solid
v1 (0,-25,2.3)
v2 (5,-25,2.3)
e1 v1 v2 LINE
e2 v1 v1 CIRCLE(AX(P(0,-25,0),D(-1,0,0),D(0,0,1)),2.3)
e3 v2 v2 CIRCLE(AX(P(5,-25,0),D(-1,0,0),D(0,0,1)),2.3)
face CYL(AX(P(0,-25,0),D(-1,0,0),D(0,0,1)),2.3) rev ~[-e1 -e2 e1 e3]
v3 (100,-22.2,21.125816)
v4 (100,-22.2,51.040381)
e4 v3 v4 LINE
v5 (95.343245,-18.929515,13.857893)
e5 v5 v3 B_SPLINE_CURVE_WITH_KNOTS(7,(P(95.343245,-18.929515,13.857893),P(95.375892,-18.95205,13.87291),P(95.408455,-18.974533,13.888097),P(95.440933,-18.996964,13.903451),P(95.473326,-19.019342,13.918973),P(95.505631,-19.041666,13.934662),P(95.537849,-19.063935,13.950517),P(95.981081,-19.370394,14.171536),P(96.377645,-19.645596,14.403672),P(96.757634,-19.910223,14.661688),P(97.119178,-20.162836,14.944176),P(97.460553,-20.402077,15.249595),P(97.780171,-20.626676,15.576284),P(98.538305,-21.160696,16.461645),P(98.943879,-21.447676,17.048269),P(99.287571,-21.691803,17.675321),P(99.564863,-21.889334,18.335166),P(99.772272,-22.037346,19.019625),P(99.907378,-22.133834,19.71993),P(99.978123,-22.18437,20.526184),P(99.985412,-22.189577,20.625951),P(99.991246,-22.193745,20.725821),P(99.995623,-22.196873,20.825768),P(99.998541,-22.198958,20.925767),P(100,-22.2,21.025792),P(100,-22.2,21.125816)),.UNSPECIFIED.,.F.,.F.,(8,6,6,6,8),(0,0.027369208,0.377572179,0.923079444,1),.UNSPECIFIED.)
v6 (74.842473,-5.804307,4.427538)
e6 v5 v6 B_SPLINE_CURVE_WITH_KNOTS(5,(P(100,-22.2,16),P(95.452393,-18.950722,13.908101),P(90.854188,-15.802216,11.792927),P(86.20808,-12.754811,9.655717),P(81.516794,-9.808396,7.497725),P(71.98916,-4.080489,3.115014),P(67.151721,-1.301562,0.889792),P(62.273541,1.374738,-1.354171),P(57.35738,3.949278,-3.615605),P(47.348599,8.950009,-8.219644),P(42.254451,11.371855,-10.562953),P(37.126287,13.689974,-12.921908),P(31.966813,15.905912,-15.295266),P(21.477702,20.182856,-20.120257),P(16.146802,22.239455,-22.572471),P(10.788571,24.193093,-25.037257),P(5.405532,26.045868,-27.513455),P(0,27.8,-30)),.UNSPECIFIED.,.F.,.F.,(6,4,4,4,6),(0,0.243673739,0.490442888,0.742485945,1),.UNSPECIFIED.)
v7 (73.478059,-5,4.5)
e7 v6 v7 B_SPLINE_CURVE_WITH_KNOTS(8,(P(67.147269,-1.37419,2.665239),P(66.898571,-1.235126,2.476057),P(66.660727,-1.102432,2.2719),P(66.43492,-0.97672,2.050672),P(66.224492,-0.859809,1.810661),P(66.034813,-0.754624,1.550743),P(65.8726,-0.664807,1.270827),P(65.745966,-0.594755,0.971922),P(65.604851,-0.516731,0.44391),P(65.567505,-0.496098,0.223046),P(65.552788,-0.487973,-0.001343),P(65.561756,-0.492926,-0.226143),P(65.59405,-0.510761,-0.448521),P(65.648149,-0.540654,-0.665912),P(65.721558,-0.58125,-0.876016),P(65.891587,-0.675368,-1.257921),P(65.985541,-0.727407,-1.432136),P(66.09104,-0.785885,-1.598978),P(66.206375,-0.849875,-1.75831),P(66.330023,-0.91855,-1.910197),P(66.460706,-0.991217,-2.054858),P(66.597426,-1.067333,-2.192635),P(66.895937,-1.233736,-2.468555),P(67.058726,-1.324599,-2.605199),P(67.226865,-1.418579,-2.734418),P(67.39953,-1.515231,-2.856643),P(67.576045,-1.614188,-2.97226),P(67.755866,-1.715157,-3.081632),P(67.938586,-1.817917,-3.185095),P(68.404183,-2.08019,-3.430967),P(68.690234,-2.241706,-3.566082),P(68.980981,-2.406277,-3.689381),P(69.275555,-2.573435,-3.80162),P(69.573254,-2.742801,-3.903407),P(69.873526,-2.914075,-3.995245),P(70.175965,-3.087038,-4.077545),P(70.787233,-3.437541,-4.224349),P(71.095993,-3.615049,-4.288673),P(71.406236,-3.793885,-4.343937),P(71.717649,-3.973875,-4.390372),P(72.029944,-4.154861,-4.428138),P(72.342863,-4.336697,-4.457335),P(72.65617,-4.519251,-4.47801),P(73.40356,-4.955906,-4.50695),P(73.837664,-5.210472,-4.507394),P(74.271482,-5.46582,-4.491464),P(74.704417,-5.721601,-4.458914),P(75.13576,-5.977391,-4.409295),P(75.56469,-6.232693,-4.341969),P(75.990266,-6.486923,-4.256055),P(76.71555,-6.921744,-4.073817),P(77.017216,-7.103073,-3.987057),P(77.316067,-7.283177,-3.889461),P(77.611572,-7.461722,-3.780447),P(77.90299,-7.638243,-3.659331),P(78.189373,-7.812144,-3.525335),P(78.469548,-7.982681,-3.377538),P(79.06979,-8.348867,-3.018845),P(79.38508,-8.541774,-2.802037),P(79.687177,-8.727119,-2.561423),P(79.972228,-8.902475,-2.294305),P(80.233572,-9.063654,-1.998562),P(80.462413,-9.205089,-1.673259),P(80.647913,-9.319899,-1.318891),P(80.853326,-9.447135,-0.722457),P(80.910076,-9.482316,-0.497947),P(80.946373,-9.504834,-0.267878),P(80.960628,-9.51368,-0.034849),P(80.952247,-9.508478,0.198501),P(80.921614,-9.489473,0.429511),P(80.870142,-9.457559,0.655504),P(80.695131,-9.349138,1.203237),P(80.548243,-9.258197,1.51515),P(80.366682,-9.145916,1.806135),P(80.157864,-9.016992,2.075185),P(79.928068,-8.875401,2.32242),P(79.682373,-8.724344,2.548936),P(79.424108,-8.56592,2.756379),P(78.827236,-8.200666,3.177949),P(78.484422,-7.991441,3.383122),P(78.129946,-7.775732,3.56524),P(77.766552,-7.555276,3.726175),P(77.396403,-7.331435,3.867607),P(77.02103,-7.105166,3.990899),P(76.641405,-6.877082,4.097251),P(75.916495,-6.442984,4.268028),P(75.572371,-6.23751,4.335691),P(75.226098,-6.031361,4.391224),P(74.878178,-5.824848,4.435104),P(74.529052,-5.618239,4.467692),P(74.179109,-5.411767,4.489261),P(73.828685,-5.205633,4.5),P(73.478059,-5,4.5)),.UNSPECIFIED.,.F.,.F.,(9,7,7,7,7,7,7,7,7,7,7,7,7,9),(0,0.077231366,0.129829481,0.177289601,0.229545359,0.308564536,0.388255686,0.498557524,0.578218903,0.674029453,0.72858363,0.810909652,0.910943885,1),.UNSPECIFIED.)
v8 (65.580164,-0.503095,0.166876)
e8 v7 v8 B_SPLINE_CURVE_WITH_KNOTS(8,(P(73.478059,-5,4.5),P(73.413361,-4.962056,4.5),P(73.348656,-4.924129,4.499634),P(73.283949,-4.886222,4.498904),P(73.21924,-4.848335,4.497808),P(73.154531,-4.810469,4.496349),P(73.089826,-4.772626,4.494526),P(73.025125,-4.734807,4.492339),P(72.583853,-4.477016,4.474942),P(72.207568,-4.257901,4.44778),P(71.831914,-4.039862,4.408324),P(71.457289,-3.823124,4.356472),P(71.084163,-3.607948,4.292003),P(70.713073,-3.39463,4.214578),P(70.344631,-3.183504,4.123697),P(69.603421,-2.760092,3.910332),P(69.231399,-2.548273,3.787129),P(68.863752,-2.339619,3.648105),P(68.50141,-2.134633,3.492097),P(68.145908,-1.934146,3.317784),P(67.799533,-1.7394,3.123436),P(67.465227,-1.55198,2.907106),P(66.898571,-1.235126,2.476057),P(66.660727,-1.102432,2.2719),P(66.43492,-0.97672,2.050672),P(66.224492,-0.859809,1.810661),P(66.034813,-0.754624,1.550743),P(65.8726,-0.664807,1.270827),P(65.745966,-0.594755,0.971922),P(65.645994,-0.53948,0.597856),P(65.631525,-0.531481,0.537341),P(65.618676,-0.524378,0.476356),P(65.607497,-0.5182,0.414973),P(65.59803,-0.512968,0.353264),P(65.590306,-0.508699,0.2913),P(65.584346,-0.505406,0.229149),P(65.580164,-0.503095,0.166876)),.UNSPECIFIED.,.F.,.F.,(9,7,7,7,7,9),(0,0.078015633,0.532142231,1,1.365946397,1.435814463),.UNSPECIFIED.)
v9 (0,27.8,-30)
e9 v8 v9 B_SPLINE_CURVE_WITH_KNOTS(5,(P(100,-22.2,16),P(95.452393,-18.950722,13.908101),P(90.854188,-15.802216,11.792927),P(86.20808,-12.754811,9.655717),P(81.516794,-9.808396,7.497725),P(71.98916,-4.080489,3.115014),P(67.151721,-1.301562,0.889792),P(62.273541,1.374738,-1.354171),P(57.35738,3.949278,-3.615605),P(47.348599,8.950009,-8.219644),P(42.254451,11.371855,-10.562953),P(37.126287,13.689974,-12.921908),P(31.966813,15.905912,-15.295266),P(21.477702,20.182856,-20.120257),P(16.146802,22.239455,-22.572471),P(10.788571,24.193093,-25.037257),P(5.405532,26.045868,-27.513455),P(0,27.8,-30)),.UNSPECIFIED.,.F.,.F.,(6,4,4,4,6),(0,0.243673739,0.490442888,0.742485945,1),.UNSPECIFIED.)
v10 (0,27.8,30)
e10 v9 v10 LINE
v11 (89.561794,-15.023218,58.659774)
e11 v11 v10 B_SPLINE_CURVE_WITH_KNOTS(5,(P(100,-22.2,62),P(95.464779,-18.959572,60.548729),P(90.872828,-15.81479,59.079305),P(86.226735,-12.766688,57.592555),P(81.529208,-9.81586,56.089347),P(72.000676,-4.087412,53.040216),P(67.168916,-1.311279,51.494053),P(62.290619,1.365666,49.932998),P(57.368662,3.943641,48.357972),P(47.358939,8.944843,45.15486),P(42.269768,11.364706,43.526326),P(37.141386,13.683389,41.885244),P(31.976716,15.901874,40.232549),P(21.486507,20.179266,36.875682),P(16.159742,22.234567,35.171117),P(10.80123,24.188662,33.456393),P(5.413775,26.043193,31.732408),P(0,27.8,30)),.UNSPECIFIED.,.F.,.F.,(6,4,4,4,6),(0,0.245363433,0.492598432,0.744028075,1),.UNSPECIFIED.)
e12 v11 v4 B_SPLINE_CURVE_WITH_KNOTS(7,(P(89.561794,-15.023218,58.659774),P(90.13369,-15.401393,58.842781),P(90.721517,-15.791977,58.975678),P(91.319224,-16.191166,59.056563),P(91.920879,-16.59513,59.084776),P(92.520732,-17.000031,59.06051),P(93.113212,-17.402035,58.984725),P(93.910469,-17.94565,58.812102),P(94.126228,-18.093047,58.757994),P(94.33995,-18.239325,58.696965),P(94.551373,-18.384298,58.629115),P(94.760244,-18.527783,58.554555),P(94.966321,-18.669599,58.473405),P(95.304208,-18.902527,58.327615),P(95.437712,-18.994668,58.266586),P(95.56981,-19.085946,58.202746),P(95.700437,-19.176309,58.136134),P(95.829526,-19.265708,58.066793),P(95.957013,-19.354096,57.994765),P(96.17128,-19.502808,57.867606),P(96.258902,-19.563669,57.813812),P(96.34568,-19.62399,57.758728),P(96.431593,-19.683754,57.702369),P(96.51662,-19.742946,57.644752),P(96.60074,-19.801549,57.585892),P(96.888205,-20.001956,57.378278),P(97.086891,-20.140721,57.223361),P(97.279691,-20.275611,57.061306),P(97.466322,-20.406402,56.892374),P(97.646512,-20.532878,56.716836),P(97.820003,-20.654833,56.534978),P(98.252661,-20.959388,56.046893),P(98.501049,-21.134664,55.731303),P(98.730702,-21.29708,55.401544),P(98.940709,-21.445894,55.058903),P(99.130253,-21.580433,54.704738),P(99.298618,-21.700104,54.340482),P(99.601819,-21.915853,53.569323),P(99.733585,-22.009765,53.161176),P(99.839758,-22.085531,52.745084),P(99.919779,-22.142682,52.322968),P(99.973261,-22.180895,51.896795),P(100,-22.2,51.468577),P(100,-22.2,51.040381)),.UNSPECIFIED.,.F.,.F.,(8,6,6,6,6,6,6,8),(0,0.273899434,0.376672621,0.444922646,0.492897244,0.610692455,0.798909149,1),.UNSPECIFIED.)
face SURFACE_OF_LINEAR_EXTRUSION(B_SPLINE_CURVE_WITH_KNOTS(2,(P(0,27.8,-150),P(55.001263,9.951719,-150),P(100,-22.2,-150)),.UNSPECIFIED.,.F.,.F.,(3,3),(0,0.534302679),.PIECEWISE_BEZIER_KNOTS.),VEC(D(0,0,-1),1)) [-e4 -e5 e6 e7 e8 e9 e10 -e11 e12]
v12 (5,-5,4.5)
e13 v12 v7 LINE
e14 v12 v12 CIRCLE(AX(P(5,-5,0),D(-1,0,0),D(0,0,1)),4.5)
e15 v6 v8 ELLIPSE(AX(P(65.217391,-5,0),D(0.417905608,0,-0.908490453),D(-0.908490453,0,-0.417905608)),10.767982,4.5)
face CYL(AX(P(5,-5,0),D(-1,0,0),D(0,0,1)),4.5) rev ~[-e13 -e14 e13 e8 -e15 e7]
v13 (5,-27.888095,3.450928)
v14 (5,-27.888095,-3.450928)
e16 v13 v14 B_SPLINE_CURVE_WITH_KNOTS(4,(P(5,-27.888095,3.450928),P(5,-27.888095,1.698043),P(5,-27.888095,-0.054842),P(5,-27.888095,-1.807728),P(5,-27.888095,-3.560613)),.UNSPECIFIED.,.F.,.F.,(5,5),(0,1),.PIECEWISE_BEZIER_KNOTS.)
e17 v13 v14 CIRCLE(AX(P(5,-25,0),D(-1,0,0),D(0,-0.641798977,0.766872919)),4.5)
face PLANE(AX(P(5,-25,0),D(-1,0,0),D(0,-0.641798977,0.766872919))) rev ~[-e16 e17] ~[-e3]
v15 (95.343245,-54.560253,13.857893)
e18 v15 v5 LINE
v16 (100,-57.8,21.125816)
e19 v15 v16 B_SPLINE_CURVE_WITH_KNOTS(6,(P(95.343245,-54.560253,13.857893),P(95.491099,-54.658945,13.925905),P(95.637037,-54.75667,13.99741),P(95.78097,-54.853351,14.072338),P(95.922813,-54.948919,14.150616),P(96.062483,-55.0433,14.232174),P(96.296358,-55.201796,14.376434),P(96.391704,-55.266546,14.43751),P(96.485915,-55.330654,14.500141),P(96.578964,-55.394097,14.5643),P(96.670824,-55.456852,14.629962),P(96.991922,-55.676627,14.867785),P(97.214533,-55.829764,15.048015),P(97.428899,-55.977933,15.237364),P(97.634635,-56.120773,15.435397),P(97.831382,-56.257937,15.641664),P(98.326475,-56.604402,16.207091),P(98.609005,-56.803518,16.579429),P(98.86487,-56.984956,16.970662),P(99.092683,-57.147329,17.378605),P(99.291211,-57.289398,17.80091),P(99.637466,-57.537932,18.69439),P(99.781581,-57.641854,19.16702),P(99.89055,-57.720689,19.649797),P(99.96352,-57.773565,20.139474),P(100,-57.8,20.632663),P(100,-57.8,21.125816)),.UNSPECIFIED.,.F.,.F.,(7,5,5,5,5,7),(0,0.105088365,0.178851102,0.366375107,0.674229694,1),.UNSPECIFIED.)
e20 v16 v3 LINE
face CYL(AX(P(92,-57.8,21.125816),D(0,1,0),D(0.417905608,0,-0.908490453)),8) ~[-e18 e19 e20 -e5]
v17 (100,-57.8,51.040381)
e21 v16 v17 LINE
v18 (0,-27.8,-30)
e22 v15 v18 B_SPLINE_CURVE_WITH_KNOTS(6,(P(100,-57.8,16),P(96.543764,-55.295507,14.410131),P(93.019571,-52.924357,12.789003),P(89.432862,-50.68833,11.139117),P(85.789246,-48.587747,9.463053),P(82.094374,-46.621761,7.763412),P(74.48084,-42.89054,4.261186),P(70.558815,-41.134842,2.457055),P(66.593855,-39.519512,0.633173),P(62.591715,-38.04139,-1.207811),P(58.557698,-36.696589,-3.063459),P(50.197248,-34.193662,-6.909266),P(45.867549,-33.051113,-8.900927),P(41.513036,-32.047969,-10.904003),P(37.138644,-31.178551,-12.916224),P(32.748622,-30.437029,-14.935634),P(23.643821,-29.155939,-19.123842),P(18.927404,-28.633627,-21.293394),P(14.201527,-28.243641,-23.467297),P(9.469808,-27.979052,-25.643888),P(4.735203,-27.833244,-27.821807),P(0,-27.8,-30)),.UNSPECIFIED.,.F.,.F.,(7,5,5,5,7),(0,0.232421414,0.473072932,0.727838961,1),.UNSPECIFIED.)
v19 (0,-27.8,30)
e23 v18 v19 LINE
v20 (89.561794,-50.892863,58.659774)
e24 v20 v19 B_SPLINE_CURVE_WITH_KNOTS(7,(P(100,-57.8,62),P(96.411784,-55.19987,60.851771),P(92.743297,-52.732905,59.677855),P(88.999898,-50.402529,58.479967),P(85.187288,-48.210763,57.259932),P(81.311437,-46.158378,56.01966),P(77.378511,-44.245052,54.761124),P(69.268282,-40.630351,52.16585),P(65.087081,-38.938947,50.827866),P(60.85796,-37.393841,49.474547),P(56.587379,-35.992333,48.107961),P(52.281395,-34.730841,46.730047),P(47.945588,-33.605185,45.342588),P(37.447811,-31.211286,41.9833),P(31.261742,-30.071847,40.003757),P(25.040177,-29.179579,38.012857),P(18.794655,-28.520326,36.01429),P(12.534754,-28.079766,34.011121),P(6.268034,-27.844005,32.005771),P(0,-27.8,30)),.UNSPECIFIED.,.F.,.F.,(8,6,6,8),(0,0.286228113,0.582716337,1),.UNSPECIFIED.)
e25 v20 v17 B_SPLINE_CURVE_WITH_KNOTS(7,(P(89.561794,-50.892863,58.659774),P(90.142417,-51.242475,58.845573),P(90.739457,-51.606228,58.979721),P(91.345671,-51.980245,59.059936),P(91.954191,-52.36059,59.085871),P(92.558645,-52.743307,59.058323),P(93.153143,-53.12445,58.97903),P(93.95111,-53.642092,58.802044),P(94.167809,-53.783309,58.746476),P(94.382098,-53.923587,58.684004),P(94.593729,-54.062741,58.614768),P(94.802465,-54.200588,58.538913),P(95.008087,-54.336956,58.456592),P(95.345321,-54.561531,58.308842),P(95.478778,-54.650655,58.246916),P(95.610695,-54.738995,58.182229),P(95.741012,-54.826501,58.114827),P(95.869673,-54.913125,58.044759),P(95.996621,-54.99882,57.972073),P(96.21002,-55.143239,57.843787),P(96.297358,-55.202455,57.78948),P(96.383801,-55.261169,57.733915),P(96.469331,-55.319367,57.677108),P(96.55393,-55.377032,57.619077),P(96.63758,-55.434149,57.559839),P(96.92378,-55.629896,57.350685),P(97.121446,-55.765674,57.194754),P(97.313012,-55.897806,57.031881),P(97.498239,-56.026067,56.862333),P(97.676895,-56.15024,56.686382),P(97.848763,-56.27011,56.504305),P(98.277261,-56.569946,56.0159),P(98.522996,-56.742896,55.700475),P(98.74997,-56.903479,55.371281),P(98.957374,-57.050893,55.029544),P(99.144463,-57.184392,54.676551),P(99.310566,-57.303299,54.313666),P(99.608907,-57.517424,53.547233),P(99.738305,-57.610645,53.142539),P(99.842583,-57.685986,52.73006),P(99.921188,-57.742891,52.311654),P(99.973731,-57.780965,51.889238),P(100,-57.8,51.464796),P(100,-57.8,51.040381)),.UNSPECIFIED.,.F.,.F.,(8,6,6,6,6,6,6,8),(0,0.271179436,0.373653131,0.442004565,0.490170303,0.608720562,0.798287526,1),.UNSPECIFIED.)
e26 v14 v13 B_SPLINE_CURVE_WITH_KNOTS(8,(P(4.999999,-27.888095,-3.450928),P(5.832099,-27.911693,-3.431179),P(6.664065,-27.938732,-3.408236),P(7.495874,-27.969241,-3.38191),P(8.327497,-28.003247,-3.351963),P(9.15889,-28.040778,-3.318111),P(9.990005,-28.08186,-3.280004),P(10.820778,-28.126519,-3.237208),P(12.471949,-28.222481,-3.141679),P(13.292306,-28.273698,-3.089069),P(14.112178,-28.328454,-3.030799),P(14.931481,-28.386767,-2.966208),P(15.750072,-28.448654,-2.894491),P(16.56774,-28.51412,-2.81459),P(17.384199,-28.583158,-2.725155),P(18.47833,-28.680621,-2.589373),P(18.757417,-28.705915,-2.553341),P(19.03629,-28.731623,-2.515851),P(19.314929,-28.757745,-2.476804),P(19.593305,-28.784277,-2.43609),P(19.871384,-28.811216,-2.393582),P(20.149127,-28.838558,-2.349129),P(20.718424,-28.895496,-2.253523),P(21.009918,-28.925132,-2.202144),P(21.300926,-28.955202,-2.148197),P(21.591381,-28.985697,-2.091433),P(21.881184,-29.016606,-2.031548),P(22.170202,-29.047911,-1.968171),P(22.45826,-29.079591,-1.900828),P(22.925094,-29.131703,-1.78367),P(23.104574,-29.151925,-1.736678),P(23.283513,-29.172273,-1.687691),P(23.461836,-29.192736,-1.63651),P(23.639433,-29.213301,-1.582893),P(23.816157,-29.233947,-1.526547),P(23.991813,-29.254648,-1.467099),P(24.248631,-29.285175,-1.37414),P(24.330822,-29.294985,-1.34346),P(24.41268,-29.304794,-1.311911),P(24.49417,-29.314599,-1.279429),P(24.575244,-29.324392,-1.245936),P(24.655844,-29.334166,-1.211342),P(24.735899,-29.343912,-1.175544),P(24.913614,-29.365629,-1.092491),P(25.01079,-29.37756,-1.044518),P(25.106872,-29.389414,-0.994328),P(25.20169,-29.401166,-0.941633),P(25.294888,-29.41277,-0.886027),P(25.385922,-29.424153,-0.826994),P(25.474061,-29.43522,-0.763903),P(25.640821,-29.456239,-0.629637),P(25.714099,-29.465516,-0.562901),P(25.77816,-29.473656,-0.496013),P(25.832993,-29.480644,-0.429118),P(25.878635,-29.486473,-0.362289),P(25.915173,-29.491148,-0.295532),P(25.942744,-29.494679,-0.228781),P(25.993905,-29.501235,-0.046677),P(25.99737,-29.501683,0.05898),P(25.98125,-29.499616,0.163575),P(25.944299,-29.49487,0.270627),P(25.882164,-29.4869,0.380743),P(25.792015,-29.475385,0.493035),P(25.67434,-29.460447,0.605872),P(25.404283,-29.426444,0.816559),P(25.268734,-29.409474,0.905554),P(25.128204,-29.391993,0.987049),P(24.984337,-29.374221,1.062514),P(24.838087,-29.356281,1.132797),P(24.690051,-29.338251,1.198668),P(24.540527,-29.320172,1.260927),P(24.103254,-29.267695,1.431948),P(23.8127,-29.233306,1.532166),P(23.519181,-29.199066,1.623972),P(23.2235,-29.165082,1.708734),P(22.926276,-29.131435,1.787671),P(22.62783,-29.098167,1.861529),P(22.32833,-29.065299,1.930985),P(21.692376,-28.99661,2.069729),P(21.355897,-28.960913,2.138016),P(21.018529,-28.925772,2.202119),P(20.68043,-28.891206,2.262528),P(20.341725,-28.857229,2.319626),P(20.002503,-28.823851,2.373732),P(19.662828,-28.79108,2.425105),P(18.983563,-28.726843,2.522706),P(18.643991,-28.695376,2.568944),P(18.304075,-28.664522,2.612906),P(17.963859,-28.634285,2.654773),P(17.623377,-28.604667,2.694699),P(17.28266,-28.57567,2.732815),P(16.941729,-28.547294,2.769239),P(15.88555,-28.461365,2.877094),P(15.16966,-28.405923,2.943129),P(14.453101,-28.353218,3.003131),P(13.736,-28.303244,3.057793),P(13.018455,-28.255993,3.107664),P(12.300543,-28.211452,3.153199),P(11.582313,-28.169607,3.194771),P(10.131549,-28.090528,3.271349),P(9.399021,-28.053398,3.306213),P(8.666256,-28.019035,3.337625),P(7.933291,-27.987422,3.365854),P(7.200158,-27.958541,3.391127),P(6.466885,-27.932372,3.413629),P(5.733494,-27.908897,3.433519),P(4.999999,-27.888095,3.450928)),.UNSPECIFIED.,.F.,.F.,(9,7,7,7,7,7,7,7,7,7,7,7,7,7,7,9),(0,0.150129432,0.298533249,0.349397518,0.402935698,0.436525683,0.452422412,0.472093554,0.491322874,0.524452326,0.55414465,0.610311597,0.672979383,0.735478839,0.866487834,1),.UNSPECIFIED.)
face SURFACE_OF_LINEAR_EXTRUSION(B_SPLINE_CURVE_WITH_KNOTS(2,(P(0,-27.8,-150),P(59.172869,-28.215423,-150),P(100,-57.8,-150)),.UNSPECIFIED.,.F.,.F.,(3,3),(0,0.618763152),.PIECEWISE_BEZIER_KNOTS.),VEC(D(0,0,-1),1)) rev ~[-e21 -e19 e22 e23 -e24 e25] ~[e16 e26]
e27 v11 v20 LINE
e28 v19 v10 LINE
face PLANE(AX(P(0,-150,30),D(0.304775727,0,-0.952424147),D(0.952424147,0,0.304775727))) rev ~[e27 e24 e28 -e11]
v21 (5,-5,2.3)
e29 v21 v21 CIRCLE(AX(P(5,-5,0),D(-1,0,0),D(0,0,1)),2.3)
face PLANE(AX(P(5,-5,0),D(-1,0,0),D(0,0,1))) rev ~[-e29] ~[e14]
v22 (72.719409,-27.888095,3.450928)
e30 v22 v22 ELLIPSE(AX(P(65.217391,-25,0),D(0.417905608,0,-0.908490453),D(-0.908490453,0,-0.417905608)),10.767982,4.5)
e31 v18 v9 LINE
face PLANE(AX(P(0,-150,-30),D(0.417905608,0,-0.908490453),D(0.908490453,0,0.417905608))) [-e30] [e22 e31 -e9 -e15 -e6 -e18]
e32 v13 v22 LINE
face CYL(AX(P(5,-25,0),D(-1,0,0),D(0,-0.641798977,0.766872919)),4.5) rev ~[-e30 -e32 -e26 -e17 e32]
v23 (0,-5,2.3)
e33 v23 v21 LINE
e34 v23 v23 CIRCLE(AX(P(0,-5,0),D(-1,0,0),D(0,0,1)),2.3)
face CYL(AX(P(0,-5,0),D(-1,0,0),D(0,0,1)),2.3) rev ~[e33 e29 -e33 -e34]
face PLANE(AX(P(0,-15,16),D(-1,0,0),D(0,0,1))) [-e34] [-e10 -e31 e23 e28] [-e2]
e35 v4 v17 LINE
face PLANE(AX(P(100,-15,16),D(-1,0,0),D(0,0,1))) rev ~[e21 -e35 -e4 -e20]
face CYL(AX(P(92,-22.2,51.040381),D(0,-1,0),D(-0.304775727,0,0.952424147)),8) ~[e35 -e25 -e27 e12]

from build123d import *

# Parameters (mm, degrees)
BOSS_EXTRUDE1_DEPTH     = 100
CUT_EXTRUDE3_DEPTH      = 150
CUT_EXTRUDE3_DEPTH_BACK = 150
CUT_EXTRUDE6_DEPTH      = 150
CUT_EXTRUDE6_DEPTH_BACK = 150
FILLET7_R               = 8
SKETCH5_R               = 2.3
CUT_EXTRUDE7_DEPTH      = 5
SKETCH6_R               = 4.5
CUT_EXTRUDE8_DEPTH      = 150


with BuildPart() as part:
    # Sketch1 → Boss-Extrude1 (new body)
    with BuildSketch(Plane(origin=(0, 0, 0), x_dir=(0, 0, -1), z_dir=(1, 0, 0))):
        Polygon((-30, 27.8), (30, 27.8), (30, -27.8), (30, -57.8), (-62, -57.8), (-62, -27.8), (-62, 27.8), align=None)
    extrude(amount=BOSS_EXTRUDE1_DEPTH)

    # Sketch3 → Cut-Extrude3 (cut, two sides: drawn at the far end of the back side and taken through both)
    with BuildSketch(Plane(origin=(0, 0, 0), x_dir=(1, 0, 0), z_dir=(0, 1, 0)).offset(-CUT_EXTRUDE3_DEPTH_BACK)):
        Polygon((0, 30), (100, -16), (100, 30), align=None)
        Polygon((100, -62), (0, -62), (0, -30), align=None)
    extrude(amount=CUT_EXTRUDE3_DEPTH + CUT_EXTRUDE3_DEPTH_BACK, mode=Mode.SUBTRACT)

    # Sketch4 → Cut-Extrude6 (cut, two sides: drawn at the far end of the back side and taken through both)
    with BuildSketch(Plane.XY.offset(-CUT_EXTRUDE6_DEPTH_BACK)):
        with BuildLine():
            Line((100, 27.8), (0, 27.8))
            add(Edge.make_bspline(
                [(0, 27.8), (55.001263305, 9.951718706), (100, -22.2)],
                knots=[0, 0, 0, 0.534302679, 0.534302679, 0.534302679], degree=2))
            Line((100, -22.2), (100, 27.8))
        make_face()
        with BuildLine():
            Line((0, -27.8), (0, -57.8))
            Line((0, -57.8), (100, -57.8))
            add(Edge.make_bspline(
                [(0, -27.8), (59.172869478, -28.215423473), (100, -57.8)],
                knots=[0, 0, 0, 0.618763152, 0.618763152, 0.618763152], degree=2))
        make_face()
    extrude(amount=CUT_EXTRUDE6_DEPTH + CUT_EXTRUDE6_DEPTH_BACK, mode=Mode.SUBTRACT)

    # Fillet7
    fillet7_edges = [part.edges().sort_by_distance(p)[0] for p in [
        (100, -40, 62),
        (100, -40, 16),
    ]]
    fillet(fillet7_edges, radius=FILLET7_R)

    # Sketch5 → Cut-Extrude7 (cut)
    with BuildSketch(Plane.ZY):
        with Locations((0, -5)):
            Circle(SKETCH5_R)
        with Locations((0, -25)):
            Circle(SKETCH5_R)
    extrude(amount=-CUT_EXTRUDE7_DEPTH, mode=Mode.SUBTRACT)

    # Sketch6 → Cut-Extrude8 (cut)
    with BuildSketch(Plane.ZY.offset(-5)):
        with Locations((0, -5)):
            Circle(SKETCH6_R)
        with Locations(Location((0, -25, 0), (0, 0, 320.073904161))):
            Circle(SKETCH6_R)
    extrude(amount=-CUT_EXTRUDE8_DEPTH, mode=Mode.SUBTRACT)


solid = part.part
